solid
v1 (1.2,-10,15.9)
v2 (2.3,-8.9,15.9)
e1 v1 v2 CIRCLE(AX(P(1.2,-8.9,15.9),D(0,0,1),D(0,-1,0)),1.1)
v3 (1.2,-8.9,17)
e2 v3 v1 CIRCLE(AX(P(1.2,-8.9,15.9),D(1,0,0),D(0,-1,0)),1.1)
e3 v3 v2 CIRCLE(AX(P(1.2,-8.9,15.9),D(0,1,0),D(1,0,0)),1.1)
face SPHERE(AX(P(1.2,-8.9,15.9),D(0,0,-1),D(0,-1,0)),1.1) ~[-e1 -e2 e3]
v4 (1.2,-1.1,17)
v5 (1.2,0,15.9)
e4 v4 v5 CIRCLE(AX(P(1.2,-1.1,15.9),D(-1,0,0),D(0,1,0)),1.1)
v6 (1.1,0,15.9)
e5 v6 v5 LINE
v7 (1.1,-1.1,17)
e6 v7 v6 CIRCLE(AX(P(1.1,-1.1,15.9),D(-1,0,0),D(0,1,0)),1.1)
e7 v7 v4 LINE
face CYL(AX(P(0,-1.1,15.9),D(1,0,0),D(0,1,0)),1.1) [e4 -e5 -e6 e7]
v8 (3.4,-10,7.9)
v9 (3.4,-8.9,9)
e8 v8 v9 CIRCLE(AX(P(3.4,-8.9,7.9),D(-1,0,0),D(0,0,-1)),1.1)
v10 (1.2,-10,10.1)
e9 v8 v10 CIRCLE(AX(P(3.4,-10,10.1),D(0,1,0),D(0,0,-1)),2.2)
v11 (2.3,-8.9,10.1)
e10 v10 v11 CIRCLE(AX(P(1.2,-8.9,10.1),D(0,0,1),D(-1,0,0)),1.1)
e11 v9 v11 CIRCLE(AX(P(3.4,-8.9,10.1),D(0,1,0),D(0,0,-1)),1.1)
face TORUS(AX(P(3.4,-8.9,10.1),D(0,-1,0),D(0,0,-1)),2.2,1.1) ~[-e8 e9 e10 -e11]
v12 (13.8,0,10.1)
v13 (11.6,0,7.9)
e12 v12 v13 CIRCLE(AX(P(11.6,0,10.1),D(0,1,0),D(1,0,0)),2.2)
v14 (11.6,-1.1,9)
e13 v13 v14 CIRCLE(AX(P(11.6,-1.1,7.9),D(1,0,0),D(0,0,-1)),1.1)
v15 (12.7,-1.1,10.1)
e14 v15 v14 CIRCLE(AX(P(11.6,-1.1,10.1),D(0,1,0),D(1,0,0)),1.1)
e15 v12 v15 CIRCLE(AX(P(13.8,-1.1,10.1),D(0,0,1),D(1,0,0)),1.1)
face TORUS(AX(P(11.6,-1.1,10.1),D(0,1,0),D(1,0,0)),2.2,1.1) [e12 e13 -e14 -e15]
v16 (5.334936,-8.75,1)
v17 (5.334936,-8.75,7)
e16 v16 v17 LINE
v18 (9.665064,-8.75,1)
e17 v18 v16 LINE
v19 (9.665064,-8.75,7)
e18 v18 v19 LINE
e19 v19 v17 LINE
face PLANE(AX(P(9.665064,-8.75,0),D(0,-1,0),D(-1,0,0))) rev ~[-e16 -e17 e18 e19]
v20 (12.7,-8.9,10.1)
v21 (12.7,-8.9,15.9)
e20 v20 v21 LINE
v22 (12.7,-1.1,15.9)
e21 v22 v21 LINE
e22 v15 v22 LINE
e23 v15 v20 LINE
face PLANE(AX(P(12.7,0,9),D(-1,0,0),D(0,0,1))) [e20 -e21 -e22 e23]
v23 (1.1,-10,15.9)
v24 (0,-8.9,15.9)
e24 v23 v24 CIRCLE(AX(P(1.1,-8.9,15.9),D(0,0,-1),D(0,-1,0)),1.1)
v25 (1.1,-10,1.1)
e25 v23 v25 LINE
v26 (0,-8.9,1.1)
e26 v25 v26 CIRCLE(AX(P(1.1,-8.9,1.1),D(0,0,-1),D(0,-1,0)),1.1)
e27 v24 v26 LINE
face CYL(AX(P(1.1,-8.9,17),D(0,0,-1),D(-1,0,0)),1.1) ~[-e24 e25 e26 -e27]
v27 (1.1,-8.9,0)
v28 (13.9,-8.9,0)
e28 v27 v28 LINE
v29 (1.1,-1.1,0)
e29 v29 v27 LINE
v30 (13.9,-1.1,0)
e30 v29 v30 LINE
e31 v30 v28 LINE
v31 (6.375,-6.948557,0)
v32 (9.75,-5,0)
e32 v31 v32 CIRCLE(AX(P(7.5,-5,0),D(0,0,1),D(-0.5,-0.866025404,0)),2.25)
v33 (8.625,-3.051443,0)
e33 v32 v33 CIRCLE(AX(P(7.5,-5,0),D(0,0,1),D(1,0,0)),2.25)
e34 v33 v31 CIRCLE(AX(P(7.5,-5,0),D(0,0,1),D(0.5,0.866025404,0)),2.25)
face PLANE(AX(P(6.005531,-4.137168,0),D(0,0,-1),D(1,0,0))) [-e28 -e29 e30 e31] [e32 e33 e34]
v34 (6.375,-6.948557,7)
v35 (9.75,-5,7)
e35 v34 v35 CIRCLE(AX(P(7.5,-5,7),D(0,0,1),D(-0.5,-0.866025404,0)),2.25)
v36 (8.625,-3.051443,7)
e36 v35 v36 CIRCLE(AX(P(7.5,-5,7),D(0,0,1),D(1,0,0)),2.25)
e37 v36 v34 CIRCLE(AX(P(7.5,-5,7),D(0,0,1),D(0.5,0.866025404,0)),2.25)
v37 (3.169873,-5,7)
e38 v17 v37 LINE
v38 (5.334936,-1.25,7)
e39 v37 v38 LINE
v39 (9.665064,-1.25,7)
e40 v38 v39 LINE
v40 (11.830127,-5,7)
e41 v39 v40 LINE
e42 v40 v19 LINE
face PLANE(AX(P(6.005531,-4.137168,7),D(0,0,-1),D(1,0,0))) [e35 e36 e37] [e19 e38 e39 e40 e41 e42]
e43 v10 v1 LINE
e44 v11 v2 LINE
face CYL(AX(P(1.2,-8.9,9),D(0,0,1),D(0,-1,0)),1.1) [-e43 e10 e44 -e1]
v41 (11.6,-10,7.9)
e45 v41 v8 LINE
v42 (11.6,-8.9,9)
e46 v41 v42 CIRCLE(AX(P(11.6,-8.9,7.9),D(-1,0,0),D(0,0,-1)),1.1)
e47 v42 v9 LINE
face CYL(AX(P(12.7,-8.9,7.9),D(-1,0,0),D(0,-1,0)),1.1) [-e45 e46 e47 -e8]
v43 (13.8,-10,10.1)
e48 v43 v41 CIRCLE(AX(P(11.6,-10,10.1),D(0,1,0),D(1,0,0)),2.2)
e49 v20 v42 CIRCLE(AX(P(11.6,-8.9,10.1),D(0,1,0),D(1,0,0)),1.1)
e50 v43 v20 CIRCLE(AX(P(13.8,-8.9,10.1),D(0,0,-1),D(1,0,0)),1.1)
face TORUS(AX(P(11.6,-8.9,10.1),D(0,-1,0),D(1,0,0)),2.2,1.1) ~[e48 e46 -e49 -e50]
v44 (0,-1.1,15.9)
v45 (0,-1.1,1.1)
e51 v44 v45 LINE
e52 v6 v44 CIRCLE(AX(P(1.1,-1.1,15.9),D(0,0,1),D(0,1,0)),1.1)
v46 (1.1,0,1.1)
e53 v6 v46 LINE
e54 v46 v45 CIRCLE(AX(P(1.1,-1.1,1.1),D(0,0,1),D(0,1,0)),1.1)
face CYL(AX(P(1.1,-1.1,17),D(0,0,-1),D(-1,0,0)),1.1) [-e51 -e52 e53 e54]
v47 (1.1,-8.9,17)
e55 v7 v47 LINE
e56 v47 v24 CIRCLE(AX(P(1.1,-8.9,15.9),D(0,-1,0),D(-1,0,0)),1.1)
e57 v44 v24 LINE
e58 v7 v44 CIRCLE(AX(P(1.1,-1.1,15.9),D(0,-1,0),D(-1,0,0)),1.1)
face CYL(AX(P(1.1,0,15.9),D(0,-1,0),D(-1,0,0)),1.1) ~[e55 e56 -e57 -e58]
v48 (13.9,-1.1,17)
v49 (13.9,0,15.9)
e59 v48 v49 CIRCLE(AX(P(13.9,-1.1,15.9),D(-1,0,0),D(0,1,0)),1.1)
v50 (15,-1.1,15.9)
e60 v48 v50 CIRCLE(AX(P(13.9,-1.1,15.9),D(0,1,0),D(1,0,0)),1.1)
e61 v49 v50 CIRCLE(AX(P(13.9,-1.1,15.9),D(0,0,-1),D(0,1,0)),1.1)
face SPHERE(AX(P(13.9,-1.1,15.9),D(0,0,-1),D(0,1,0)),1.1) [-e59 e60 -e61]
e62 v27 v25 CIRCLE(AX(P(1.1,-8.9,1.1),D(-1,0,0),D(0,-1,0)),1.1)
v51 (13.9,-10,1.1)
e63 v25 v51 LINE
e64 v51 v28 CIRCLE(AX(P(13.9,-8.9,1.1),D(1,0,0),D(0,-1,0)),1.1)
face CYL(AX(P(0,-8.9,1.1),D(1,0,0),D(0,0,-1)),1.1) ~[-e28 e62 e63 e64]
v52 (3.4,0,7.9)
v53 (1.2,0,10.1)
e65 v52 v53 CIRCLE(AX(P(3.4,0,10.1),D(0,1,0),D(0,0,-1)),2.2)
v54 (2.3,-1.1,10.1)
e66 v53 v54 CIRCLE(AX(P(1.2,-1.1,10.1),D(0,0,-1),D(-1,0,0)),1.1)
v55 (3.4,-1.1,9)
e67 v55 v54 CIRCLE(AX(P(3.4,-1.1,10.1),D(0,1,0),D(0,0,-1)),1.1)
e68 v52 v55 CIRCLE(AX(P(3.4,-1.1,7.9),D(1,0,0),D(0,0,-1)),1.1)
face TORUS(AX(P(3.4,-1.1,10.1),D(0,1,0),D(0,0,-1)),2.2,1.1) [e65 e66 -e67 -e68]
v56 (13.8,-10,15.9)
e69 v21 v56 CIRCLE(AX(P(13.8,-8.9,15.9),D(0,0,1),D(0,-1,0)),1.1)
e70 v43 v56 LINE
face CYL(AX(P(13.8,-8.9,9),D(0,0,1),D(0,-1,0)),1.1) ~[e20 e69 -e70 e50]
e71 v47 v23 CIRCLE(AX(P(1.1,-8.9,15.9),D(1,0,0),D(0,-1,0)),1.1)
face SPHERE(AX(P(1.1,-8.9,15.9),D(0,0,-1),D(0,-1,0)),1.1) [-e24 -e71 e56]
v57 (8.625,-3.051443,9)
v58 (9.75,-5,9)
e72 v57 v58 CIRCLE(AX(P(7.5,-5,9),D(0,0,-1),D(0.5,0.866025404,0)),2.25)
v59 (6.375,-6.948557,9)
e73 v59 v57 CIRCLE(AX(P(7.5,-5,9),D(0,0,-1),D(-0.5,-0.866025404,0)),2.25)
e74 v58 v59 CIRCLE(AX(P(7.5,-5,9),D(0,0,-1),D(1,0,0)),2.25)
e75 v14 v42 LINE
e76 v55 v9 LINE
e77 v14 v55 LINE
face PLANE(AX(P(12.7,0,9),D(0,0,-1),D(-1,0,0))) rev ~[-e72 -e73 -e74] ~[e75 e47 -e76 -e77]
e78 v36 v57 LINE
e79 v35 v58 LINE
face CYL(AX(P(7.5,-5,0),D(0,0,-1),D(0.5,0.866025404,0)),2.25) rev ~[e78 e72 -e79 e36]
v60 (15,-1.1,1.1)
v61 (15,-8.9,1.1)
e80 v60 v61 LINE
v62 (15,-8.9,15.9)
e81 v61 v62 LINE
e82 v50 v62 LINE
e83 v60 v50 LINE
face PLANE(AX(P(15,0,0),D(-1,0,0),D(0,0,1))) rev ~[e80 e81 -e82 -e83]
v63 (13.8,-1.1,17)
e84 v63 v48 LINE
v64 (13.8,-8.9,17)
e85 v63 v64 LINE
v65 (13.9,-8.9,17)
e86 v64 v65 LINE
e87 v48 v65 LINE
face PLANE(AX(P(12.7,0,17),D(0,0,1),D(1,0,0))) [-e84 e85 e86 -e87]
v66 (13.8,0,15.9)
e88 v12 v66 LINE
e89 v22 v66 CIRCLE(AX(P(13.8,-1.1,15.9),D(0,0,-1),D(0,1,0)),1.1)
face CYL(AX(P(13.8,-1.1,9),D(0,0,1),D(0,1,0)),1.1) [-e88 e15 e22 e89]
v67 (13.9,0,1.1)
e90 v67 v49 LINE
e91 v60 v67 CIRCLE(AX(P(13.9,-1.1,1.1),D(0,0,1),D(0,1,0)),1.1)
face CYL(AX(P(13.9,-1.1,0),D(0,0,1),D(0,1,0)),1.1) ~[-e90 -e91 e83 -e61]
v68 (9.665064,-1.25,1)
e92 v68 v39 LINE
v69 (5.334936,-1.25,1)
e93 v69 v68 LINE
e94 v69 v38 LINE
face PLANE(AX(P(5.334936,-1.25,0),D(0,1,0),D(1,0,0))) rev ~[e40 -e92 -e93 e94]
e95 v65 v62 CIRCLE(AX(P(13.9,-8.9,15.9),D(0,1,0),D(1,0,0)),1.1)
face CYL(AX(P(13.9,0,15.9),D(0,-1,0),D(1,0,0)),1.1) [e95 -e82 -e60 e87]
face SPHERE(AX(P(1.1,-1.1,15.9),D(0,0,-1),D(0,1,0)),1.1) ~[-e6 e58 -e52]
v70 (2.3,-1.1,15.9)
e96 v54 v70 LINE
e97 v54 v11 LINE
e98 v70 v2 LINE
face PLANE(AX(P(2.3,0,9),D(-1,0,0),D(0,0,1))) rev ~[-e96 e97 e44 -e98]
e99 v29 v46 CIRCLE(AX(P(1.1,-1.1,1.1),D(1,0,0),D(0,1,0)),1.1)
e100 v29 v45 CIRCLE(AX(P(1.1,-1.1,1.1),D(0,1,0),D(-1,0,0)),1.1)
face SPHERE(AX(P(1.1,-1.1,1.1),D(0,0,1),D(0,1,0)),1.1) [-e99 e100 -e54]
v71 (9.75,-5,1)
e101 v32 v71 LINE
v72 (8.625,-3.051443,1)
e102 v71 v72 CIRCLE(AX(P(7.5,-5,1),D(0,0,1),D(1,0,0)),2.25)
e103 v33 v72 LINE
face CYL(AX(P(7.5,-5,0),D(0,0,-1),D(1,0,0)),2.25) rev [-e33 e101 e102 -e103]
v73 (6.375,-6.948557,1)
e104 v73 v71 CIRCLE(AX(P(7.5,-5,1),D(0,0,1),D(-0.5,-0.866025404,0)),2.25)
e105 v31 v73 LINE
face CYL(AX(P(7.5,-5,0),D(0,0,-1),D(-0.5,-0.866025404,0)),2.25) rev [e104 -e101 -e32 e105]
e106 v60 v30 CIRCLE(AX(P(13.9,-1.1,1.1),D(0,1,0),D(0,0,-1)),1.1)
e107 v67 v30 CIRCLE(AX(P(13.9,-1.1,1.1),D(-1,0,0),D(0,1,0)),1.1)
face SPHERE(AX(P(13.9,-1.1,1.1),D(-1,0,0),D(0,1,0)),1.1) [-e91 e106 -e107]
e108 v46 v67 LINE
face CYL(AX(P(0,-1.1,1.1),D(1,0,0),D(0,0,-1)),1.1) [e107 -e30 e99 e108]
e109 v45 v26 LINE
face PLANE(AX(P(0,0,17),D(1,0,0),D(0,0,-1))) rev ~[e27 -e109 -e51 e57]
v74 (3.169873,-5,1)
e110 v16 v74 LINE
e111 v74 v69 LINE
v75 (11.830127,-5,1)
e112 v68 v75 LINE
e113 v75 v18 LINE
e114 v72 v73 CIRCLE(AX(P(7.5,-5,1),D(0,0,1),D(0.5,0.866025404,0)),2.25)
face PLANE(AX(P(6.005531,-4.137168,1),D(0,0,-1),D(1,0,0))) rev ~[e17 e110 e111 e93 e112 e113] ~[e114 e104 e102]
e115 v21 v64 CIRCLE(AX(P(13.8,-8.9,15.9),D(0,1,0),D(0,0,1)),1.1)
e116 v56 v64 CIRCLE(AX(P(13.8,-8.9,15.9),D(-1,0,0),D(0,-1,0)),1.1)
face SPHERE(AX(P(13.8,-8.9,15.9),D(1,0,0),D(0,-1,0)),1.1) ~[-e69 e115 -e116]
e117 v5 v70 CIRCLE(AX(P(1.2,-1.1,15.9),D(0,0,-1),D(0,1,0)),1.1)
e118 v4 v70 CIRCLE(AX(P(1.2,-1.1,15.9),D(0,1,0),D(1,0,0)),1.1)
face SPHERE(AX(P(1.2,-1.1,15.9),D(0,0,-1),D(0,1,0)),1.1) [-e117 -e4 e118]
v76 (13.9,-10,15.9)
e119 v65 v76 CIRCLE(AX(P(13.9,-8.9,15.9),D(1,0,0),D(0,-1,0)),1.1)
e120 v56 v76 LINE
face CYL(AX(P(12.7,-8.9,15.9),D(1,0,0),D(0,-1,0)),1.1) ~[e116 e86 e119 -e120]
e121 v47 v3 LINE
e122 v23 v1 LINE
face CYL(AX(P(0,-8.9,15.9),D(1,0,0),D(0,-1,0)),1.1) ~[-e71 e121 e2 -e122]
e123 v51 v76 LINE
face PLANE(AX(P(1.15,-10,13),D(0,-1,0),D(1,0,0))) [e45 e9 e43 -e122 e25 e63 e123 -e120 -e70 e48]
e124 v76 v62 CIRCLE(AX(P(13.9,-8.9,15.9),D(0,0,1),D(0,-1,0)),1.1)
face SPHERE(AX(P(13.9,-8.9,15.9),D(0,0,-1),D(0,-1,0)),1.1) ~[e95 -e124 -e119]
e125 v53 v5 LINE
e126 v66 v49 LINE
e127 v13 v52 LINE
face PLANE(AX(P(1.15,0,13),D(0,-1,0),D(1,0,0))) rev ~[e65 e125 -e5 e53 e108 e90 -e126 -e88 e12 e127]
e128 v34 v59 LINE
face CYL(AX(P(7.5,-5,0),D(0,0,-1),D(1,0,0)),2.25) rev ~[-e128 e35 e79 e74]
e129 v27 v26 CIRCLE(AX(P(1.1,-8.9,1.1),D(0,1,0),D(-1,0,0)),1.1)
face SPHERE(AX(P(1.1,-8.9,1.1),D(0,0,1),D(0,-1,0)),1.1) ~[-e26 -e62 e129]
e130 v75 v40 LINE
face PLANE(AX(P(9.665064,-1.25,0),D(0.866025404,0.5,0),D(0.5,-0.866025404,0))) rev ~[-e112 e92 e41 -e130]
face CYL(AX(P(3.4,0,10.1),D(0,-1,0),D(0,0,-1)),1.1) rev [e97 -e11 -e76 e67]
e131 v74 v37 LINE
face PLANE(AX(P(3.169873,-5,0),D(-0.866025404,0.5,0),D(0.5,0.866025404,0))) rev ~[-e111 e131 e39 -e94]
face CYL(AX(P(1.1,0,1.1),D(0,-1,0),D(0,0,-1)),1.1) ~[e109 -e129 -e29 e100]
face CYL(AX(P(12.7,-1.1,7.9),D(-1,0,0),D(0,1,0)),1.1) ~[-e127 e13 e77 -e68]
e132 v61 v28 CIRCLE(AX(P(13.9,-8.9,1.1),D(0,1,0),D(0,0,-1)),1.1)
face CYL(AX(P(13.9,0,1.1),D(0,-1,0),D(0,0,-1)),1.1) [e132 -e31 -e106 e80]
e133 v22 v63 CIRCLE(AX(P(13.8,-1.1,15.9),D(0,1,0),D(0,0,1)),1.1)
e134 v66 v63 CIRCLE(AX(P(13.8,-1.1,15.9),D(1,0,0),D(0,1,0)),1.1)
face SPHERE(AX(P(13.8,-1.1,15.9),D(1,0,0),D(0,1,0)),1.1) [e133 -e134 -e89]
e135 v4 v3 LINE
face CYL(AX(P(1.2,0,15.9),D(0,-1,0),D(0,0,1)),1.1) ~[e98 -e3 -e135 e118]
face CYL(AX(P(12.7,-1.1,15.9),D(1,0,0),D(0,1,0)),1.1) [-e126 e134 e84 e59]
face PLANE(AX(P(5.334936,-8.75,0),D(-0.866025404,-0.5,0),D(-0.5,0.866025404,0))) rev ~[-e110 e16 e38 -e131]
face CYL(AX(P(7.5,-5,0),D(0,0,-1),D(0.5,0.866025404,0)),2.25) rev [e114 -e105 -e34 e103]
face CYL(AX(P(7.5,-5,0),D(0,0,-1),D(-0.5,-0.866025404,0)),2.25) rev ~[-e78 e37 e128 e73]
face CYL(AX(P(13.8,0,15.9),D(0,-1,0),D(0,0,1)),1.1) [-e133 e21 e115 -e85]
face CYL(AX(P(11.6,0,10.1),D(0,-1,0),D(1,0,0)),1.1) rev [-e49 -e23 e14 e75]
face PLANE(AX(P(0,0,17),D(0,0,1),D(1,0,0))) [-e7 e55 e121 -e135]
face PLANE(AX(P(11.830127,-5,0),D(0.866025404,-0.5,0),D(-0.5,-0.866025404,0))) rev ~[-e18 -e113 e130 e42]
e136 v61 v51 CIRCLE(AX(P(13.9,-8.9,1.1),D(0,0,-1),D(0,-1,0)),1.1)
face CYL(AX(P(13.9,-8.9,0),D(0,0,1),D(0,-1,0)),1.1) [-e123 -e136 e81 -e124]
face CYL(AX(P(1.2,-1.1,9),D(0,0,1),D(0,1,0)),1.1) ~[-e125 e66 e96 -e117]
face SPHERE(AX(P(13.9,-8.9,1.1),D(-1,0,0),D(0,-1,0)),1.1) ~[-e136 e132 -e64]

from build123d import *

# Parameters (mm, degrees)
F0_W     = 2.3
F0_H     = 8
F1_DEPTH = 10
F3_DEPTH = 17.001
F4_DEPTH = 7
F5_DEPTH = 1
F6_R     = 1.1


with BuildPart() as f1:
    # F0 (on Front) → F1 (new body)
    with BuildSketch(Plane.XZ):
        with Locations((1.15, 13)):
            Rectangle(F0_W, F0_H)
        Polygon((0, 9), (0, 0), (15, 0), (15, 9), (12.7, 9), (2.3, 9), align=None)
        with Locations((13.85, 13)):
            Rectangle(F0_W, F0_H)
    extrude(amount=F1_DEPTH)

    # F2 (on face) → F3 (cut, through all)
    with BuildSketch(Plane(origin=(0, 0, 0), x_dir=(1, 0, 0), z_dir=(0, 0, -1))):
        with BuildLine():
            Line((8.625, 3.0514428415), (6.375, 6.9485571585))
            ThreePointArc((6.375, 6.9485571585), (5.5514428415, 3.875), (8.625, 3.0514428415))
        make_face()
        with BuildLine():
            ThreePointArc((8.625, 3.0514428415), (9.4485571585, 3.875), (9.75, 5))
            ThreePointArc((9.75, 5), (8.625, 6.9485571585), (6.375, 6.9485571585))
            Line((6.375, 6.9485571585), (8.625, 3.0514428415))
        make_face()
    extrude(amount=-F3_DEPTH, mode=Mode.SUBTRACT)

    # F2 (on face) → F4 (cut)
    with BuildSketch(Plane(origin=(0, 0, 0), x_dir=(1, 0, 0), z_dir=(0, 0, -1))):
        with BuildLine():
            ThreePointArc((8.625, 3.0514428415), (5.5514428415, 3.875), (6.375, 6.9485571585))
            Line((6.375, 6.9485571585), (5.3349364905, 8.75))
            Line((5.3349364905, 8.75), (3.1698729811, 5))
            Line((3.1698729811, 5), (5.3349364905, 1.25))
            Line((5.3349364905, 1.25), (9.6650635095, 1.25))
            Line((9.6650635095, 1.25), (8.625, 3.0514428415))
        make_face()
        with BuildLine():
            ThreePointArc((6.375, 6.9485571585), (8.625, 6.9485571585), (9.75, 5))
            ThreePointArc((9.75, 5), (9.4485571585, 3.875), (8.625, 3.0514428415))
            Line((8.625, 3.0514428415), (9.6650635095, 1.25))
            Line((9.6650635095, 1.25), (11.8301270189, 5))
            Line((11.8301270189, 5), (9.6650635095, 8.75))
            Line((9.6650635095, 8.75), (5.3349364905, 8.75))
            Line((5.3349364905, 8.75), (6.375, 6.9485571585))
        make_face()
    extrude(amount=-F4_DEPTH, mode=Mode.SUBTRACT)

    # F2 (on face) → F5 (join)
    with BuildSketch(Plane(origin=(0, 0, 0), x_dir=(1, 0, 0), z_dir=(0, 0, -1))):
        with BuildLine():
            ThreePointArc((8.625, 3.0514428415), (5.5514428415, 3.875), (6.375, 6.9485571585))
            Line((6.375, 6.9485571585), (5.3349364905, 8.75))
            Line((5.3349364905, 8.75), (3.1698729811, 5))
            Line((3.1698729811, 5), (5.3349364905, 1.25))
            Line((5.3349364905, 1.25), (9.6650635095, 1.25))
            Line((9.6650635095, 1.25), (8.625, 3.0514428415))
        make_face()
        with BuildLine():
            ThreePointArc((6.375, 6.9485571585), (8.625, 6.9485571585), (9.75, 5))
            ThreePointArc((9.75, 5), (9.4485571585, 3.875), (8.625, 3.0514428415))
            Line((8.625, 3.0514428415), (9.6650635095, 1.25))
            Line((9.6650635095, 1.25), (11.8301270189, 5))
            Line((11.8301270189, 5), (9.6650635095, 8.75))
            Line((9.6650635095, 8.75), (5.3349364905, 8.75))
            Line((5.3349364905, 8.75), (6.375, 6.9485571585))
        make_face()
    extrude(amount=-F5_DEPTH)

    # F6
    f6_edges = [f1.edges().sort_by_distance(p)[0] for p in [
        (0, 0, 8.5),
        (7.5, 0, 0),
        (15, 0, 8.5),
        (13.85, 0, 17),
        (12.7, 0, 13),
        (7.5, 0, 9),
        (2.3, 0, 13),
        (1.15, 0, 17),
        (0, -10, 8.5),
        (7.5, -10, 0),
        (15, -10, 8.5),
        (13.85, -10, 17),
        (12.7, -10, 13),
        (7.5, -10, 9),
        (2.3, -10, 13),
        (1.15, -10, 17),
        (15, -5, 0),
        (15, -5, 17),
        (0, -5, 17),
        (0, -5, 0),
        (12.7, -5, 17),
        (12.7, -5, 9),
        (2.3, -5, 9),
        (2.3, -5, 17),
    ]]
    fillet(f6_edges, radius=F6_R)


solid = f1.part
